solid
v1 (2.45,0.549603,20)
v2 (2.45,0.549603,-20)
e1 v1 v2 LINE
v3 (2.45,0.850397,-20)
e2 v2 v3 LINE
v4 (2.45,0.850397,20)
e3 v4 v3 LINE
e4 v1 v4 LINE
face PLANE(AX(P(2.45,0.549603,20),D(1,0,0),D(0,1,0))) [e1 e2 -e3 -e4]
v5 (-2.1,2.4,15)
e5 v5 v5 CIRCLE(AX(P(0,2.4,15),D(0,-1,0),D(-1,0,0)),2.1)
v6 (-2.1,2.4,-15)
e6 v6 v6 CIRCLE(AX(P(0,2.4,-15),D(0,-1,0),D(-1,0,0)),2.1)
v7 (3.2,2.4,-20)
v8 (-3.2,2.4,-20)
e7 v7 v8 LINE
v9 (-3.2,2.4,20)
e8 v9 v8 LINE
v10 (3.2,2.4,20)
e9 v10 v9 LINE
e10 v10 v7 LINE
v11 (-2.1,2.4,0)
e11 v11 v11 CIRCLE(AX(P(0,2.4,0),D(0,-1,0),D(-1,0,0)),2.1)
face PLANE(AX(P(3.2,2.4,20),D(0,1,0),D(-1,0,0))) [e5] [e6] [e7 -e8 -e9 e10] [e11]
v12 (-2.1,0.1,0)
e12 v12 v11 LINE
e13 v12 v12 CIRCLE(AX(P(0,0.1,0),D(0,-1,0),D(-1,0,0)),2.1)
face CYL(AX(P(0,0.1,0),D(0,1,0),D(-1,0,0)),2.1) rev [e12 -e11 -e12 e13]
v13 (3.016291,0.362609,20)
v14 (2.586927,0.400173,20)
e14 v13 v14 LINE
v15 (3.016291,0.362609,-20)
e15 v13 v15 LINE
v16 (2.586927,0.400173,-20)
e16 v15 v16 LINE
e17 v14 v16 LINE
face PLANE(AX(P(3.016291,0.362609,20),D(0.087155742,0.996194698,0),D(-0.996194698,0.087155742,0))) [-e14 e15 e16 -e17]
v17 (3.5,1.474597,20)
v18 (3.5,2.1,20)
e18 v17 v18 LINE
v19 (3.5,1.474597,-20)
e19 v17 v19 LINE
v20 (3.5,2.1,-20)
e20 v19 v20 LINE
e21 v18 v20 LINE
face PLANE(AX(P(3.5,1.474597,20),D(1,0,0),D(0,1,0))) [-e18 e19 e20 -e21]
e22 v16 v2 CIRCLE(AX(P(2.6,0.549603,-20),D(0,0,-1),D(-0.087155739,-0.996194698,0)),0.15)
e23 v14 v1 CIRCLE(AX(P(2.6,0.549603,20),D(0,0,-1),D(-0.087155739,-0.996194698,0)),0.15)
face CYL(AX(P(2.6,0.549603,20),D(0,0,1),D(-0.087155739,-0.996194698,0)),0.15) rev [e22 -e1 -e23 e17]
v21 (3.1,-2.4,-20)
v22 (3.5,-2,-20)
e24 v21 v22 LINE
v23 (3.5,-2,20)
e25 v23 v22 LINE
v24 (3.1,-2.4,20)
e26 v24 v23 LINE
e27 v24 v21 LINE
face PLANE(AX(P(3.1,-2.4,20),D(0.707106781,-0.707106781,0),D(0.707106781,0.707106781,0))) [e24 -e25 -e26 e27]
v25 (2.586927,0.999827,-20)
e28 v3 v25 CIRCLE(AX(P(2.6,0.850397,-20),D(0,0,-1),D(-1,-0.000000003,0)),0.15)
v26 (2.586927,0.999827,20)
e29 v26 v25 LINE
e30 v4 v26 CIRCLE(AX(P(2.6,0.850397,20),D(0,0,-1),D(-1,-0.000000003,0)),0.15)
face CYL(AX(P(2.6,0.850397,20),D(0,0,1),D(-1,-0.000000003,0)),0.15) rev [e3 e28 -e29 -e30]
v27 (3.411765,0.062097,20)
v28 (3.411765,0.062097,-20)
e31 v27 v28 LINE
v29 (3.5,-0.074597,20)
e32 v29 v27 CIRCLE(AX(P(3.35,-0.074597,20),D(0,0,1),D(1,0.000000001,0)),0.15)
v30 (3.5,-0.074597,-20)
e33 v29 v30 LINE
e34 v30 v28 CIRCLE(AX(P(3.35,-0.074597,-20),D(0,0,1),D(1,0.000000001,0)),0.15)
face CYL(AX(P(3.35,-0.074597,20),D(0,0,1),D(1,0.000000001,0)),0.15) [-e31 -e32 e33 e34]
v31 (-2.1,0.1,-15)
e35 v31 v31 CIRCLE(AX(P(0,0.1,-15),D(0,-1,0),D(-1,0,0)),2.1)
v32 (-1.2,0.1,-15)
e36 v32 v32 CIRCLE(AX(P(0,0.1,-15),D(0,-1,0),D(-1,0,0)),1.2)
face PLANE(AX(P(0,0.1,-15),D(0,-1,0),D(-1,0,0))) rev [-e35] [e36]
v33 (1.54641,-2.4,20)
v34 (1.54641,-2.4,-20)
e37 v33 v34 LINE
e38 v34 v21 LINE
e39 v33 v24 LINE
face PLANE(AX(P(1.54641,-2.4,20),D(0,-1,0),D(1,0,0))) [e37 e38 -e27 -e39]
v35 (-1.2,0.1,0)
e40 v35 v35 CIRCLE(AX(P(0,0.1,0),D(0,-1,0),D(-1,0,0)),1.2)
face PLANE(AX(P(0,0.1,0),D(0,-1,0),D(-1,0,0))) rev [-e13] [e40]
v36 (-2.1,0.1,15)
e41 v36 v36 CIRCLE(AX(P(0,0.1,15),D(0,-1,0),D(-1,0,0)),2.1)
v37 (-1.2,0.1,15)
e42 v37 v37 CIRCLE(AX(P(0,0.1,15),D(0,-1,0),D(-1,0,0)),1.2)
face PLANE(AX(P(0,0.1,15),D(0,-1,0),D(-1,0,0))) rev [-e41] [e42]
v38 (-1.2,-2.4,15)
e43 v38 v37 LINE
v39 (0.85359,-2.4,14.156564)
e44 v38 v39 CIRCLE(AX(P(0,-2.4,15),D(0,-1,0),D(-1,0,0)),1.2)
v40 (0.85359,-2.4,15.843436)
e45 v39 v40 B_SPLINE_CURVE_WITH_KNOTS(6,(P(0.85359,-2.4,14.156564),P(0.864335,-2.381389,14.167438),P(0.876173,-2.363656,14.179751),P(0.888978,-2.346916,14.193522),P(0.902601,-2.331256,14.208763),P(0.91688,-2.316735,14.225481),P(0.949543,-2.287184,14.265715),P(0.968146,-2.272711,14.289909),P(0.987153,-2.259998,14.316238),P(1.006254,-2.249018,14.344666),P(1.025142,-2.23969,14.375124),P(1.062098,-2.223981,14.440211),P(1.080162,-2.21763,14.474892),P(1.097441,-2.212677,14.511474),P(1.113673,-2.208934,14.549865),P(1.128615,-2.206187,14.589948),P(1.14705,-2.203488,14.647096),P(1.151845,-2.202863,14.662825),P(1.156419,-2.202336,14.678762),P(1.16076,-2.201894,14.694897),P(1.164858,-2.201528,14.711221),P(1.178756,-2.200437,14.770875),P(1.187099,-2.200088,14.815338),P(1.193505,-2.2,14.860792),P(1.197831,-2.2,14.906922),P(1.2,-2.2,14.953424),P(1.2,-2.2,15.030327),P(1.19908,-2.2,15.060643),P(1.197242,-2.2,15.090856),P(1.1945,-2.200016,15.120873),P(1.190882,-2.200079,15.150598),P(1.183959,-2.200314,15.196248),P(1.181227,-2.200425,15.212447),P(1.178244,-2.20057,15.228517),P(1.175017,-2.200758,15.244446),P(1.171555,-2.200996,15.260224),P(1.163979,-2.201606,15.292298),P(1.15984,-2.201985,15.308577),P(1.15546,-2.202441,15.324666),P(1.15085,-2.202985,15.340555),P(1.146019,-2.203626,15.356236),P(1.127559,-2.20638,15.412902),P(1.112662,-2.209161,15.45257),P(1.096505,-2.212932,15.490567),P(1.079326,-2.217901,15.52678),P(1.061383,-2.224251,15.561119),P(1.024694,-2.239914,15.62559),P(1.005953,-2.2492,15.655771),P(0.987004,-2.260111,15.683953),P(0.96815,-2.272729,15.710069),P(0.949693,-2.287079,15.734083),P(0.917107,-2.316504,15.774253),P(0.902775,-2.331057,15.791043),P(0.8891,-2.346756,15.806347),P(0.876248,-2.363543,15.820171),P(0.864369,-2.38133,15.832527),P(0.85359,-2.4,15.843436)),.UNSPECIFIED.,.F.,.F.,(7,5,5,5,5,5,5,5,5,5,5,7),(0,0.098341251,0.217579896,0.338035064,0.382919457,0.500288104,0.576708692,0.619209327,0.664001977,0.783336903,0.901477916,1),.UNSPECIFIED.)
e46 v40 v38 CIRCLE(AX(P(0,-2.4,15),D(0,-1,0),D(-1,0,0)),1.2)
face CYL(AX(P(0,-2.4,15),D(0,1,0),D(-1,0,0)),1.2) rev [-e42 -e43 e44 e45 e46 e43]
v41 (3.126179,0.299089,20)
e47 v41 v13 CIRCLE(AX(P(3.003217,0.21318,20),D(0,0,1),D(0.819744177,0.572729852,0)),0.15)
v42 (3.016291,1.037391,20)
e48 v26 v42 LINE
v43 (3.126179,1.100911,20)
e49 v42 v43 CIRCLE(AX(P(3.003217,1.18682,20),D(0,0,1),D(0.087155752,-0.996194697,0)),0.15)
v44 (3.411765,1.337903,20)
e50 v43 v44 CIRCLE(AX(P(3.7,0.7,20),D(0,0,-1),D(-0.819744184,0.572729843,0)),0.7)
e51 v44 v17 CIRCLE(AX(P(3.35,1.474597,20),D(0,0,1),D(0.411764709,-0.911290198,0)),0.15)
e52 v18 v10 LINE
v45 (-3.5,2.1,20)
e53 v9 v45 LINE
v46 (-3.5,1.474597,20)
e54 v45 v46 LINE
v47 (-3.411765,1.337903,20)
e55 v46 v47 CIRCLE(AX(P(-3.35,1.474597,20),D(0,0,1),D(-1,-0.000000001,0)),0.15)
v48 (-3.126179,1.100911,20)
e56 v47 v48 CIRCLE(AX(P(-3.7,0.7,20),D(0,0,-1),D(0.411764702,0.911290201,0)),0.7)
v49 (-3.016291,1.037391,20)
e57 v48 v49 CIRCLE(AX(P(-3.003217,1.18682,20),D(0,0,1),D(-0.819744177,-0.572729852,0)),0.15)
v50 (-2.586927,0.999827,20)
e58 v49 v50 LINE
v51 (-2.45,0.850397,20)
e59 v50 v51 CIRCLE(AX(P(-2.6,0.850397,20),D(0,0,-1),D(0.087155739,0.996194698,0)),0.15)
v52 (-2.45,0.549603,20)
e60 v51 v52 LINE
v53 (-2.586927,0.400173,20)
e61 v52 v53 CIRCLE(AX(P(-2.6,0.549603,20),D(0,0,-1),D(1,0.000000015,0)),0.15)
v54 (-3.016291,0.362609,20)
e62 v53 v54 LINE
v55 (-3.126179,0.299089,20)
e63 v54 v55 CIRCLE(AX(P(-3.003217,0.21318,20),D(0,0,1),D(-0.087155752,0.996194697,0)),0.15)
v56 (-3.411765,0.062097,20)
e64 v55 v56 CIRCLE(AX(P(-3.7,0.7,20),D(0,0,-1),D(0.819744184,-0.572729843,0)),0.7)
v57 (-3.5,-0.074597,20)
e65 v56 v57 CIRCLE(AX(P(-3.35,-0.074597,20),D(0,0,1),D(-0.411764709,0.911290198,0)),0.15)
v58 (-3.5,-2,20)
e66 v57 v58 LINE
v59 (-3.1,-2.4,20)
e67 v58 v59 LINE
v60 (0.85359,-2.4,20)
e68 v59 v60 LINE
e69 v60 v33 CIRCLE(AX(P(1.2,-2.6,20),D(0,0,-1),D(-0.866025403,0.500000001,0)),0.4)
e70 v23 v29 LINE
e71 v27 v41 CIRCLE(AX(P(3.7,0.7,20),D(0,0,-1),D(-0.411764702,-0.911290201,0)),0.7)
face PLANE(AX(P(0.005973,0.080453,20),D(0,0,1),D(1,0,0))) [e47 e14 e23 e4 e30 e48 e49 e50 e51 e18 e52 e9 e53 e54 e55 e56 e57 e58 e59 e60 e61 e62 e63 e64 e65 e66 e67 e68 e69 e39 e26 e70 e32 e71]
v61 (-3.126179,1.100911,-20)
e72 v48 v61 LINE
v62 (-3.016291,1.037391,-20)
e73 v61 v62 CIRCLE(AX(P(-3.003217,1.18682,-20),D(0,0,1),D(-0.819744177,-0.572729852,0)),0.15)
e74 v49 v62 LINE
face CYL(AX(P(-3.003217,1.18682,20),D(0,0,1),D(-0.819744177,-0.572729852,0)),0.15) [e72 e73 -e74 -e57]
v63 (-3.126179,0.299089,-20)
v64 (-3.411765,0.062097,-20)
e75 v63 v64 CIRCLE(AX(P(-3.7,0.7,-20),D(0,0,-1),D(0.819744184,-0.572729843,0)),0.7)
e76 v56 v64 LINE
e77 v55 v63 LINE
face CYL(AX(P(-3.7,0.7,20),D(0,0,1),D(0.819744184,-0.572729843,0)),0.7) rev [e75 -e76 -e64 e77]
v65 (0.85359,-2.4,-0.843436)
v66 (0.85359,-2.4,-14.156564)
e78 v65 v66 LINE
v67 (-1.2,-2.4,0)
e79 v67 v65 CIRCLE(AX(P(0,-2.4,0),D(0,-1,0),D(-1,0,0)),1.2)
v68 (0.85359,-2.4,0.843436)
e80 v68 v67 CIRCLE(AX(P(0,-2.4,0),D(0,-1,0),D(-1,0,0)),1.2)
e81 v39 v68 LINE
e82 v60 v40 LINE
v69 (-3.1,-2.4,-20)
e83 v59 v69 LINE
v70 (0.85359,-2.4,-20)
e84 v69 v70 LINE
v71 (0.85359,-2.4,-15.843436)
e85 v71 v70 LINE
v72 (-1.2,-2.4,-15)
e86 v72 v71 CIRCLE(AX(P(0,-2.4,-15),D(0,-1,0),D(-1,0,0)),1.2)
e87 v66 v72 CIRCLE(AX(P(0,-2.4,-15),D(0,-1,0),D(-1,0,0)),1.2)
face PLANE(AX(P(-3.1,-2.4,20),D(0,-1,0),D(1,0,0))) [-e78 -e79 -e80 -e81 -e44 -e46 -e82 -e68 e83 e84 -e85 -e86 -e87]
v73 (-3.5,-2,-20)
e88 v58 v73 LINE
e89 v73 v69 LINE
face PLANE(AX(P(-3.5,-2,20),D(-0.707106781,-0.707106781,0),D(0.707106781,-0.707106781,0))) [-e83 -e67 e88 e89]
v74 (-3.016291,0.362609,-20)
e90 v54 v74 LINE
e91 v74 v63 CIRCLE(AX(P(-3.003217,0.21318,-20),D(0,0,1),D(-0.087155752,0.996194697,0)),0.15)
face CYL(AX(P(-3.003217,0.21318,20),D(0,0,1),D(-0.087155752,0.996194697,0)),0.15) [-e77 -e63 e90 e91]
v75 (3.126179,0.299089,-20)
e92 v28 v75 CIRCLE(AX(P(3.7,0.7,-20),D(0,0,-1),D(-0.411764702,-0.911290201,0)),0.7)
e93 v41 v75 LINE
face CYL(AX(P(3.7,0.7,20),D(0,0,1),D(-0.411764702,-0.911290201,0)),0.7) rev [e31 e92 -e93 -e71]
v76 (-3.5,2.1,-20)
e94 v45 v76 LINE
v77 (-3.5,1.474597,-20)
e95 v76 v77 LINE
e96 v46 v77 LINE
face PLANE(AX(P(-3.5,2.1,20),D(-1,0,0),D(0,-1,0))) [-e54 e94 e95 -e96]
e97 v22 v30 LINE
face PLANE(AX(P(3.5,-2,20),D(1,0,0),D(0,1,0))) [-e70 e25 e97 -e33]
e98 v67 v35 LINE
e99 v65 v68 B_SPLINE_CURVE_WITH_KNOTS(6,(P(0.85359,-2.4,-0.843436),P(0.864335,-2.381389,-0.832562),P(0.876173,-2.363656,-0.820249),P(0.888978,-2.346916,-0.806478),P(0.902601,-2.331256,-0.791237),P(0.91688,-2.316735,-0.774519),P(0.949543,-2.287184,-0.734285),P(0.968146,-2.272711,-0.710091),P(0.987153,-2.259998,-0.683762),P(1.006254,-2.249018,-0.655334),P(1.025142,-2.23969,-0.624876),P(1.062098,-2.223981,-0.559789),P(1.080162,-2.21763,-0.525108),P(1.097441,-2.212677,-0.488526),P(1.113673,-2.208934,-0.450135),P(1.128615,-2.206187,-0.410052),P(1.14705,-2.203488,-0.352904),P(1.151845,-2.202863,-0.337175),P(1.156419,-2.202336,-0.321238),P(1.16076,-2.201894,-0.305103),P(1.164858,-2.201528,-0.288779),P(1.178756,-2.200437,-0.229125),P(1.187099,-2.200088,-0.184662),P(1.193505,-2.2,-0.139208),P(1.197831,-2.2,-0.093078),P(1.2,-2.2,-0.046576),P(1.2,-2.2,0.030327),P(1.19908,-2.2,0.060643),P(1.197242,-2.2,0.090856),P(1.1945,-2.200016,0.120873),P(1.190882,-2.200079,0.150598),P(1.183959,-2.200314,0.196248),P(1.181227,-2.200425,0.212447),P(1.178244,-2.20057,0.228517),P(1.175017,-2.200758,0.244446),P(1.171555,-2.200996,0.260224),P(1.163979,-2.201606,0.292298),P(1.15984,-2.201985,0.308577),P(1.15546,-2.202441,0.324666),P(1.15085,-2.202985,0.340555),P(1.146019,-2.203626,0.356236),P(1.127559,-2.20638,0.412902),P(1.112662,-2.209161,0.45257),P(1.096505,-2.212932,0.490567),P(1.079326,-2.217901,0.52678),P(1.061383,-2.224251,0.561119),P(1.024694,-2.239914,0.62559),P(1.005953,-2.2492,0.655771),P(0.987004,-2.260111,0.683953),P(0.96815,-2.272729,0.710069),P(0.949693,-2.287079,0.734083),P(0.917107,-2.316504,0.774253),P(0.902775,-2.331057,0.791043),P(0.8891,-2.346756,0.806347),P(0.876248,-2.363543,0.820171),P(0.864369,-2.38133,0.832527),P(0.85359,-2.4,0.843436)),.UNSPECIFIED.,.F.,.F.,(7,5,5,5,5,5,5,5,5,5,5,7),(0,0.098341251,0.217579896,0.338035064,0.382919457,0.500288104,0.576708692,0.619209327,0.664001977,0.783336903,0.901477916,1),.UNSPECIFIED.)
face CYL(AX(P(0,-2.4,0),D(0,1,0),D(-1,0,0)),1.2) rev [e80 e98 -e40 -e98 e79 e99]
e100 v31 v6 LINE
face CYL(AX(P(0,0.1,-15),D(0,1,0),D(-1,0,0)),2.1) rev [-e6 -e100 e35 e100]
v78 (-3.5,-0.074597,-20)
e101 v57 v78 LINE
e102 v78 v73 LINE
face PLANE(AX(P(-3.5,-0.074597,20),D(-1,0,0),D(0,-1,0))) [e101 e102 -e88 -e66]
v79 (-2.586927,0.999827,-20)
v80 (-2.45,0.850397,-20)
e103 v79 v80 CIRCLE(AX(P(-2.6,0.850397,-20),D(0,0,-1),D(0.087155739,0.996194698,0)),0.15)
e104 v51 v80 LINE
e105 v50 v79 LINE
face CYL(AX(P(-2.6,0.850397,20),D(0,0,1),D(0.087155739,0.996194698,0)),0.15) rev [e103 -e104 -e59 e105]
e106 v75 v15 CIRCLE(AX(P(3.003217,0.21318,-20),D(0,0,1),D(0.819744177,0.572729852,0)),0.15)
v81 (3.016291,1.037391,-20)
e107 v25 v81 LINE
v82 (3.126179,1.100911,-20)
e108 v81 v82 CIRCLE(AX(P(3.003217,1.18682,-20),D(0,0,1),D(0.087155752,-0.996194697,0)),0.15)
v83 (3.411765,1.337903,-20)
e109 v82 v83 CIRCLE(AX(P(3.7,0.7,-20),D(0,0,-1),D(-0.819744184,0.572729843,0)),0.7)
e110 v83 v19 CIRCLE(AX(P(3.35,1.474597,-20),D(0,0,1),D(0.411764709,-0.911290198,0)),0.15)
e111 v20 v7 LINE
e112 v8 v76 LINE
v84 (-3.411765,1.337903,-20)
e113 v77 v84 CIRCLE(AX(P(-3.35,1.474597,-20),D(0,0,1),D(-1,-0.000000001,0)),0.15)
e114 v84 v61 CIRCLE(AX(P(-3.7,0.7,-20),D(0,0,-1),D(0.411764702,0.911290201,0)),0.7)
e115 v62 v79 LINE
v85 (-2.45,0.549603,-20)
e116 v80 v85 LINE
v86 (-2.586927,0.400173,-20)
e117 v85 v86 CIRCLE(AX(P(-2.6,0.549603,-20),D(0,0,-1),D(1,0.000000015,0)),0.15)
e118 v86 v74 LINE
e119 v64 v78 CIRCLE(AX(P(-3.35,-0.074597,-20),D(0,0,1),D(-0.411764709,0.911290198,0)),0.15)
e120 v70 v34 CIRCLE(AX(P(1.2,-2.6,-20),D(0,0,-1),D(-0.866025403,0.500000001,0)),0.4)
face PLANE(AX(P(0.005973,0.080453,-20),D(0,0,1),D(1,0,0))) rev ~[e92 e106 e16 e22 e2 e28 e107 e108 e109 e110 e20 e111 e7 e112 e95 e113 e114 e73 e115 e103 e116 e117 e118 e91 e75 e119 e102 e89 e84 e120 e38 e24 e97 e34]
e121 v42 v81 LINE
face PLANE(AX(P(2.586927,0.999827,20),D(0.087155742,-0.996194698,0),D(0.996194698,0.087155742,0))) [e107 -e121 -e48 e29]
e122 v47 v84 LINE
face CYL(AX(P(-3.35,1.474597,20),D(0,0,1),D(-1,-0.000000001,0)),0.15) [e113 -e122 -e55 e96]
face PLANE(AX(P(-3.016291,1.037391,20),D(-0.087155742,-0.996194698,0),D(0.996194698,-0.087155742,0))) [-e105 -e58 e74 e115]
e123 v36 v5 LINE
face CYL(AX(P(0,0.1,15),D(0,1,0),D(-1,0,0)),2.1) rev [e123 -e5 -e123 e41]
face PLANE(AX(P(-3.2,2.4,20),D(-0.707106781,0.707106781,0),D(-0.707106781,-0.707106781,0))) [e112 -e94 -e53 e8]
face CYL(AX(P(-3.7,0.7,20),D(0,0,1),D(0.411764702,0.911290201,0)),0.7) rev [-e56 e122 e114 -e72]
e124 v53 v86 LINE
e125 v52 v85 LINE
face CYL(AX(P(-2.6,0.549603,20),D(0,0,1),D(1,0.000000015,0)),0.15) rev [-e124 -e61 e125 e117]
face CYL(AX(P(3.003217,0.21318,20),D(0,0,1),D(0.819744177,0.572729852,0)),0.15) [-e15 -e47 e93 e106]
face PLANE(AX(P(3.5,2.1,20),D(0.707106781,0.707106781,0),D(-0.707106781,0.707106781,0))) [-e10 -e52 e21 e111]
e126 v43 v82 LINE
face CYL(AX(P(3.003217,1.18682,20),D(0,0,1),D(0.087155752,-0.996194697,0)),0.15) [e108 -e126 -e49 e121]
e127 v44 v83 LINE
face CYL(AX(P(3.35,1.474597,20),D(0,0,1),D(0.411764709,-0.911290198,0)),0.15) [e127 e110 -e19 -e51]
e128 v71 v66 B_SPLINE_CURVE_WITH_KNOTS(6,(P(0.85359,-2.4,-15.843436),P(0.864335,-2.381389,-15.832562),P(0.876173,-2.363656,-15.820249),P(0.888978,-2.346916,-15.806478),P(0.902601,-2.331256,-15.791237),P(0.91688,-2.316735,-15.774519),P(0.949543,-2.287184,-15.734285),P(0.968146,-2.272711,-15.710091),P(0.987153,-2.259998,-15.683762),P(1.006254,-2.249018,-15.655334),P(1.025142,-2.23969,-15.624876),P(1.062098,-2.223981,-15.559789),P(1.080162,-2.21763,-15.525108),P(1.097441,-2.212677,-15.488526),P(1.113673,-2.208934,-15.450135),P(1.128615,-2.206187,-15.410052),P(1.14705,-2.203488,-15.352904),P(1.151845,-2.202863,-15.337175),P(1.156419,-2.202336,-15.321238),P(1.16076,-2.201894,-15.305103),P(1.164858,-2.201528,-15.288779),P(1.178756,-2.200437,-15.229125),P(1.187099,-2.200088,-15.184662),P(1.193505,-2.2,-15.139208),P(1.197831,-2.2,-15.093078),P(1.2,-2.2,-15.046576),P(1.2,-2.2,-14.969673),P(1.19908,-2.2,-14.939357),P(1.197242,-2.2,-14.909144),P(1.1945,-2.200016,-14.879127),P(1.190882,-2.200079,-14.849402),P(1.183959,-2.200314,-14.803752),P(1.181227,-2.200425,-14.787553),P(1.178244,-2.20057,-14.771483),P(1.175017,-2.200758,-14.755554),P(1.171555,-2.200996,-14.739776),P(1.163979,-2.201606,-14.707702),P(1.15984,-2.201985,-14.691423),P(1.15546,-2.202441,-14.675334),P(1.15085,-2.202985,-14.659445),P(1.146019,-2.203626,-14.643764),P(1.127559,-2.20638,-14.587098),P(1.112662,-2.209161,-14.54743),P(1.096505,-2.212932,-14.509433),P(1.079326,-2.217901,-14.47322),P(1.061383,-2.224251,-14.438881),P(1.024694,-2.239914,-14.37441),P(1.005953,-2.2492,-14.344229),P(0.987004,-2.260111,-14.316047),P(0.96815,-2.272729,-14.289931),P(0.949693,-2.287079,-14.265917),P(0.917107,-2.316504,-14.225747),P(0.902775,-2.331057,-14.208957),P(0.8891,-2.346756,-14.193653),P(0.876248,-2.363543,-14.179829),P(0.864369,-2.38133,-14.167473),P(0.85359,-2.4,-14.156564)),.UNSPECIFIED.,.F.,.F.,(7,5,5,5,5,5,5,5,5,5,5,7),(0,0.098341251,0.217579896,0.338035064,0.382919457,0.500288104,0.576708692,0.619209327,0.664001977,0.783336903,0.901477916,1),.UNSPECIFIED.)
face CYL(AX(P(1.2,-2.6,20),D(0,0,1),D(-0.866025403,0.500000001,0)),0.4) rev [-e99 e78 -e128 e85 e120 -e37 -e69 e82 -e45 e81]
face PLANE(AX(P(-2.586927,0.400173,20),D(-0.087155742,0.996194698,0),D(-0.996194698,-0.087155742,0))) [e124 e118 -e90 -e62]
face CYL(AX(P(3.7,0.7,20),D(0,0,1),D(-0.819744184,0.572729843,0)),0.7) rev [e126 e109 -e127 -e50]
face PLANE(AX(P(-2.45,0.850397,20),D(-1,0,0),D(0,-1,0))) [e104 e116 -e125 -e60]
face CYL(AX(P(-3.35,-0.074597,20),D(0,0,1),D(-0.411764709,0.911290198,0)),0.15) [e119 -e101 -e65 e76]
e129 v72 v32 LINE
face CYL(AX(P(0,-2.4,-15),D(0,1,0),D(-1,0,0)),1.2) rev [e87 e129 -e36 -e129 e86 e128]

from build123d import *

# Parameters (mm, degrees)
BOSS_EXTRUDE1_START = 20
BOSS_EXTRUDE1_DEPTH = 40
LPATTERN1_COUNT     = 3
LPATTERN1_PITCH     = 15


with BuildPart() as part:
    # Sketch3 → Boss-Extrude1 (new body)
    with BuildSketch(Plane.XY.offset(BOSS_EXTRUDE1_START)):
        with BuildLine():
            Line((-3.5, -0.074596669), (-3.5, -2))
            Line((-3.5, -2), (-3.1, -2.4))
            Line((-3.1, -2.4), (0.853589838, -2.4))
            ThreePointArc((0.853589838, -2.4), (1.2, -2.2), (1.546410162, -2.4))
            Line((1.546410162, -2.4), (3.1, -2.4))
            Line((3.1, -2.4), (3.5, -2))
            Line((3.5, -2), (3.5, -0.074596669))
            ThreePointArc((3.5, -0.074596669), (3.476025208, 0.006752252), (3.411764706, 0.062096861))
            ThreePointArc((3.411764706, 0.062096861), (3.252980354, 0.161322512), (3.126179073, 0.299089108))
            ThreePointArc((3.126179073, 0.299089108), (3.078284539, 0.343044682), (3.016290807, 0.362608836))
            Line((3.016290807, 0.362608836), (2.586926639, 0.400173333))
            ThreePointArc((2.586926639, 0.400173333), (2.489408399, 0.448264007), (2.45, 0.549602538))
            Line((2.45, 0.549602538), (2.45, 0.850397462))
            ThreePointArc((2.45, 0.850397462), (2.489408399, 0.951735993), (2.586926639, 0.999826667))
            Line((2.586926639, 0.999826667), (3.016290807, 1.037391164))
            ThreePointArc((3.016290807, 1.037391164), (3.078284539, 1.056955318), (3.126179073, 1.100910892))
            ThreePointArc((3.126179073, 1.100910892), (3.252980354, 1.238677488), (3.411764706, 1.337903139))
            ThreePointArc((3.411764706, 1.337903139), (3.476025208, 1.393247748), (3.5, 1.474596669))
            Line((3.5, 1.474596669), (3.5, 2.1))
            Line((3.5, 2.1), (3.2, 2.4))
            Line((3.2, 2.4), (-3.2, 2.4))
            Line((-3.2, 2.4), (-3.5, 2.1))
            Line((-3.5, 2.1), (-3.5, 1.474596669))
            ThreePointArc((-3.5, 1.474596669), (-3.476025208, 1.393247748), (-3.411764706, 1.337903139))
            ThreePointArc((-3.411764706, 1.337903139), (-3.252980354, 1.238677488), (-3.126179073, 1.100910892))
            ThreePointArc((-3.126179073, 1.100910892), (-3.078284539, 1.056955318), (-3.016290807, 1.037391164))
            Line((-3.016290807, 1.037391164), (-2.586926639, 0.999826667))
            ThreePointArc((-2.586926639, 0.999826667), (-2.489408399, 0.951735993), (-2.45, 0.850397462))
            Line((-2.45, 0.850397462), (-2.45, 0.549602538))
            ThreePointArc((-2.45, 0.549602538), (-2.489408399, 0.448264006), (-2.586926639, 0.400173333))
            Line((-2.586926639, 0.400173333), (-3.016290807, 0.362608836))
            ThreePointArc((-3.016290807, 0.362608836), (-3.078284539, 0.343044682), (-3.126179073, 0.299089108))
            ThreePointArc((-3.126179073, 0.299089108), (-3.252980354, 0.161322512), (-3.411764706, 0.062096861))
            ThreePointArc((-3.411764706, 0.062096861), (-3.476025208, 0.006752252), (-3.5, -0.074596669))
        make_face()
    extrude(amount=-BOSS_EXTRUDE1_DEPTH)

    # Sketch4 → Cut-Revolve1 (revolve, cut)
    with BuildSketch(Plane.XY.offset(15)):
        Polygon((0, 2.4), (0, -2.4), (-1.2, -2.4), (-1.2, 0.1), (-2.1, 0.1), (-2.1, 2.4), align=None)
    cut_revolve1 = revolve(axis=Axis((0, 2.4, 15), (0, -1, 0)), mode=Mode.SUBTRACT)

    # LPattern1: Cut-Revolve1 ×3
    with Locations(*[(0, 0, -i * LPATTERN1_PITCH) for i in range(1, LPATTERN1_COUNT)]):
        add(cut_revolve1, mode=Mode.SUBTRACT)


solid = part.part
